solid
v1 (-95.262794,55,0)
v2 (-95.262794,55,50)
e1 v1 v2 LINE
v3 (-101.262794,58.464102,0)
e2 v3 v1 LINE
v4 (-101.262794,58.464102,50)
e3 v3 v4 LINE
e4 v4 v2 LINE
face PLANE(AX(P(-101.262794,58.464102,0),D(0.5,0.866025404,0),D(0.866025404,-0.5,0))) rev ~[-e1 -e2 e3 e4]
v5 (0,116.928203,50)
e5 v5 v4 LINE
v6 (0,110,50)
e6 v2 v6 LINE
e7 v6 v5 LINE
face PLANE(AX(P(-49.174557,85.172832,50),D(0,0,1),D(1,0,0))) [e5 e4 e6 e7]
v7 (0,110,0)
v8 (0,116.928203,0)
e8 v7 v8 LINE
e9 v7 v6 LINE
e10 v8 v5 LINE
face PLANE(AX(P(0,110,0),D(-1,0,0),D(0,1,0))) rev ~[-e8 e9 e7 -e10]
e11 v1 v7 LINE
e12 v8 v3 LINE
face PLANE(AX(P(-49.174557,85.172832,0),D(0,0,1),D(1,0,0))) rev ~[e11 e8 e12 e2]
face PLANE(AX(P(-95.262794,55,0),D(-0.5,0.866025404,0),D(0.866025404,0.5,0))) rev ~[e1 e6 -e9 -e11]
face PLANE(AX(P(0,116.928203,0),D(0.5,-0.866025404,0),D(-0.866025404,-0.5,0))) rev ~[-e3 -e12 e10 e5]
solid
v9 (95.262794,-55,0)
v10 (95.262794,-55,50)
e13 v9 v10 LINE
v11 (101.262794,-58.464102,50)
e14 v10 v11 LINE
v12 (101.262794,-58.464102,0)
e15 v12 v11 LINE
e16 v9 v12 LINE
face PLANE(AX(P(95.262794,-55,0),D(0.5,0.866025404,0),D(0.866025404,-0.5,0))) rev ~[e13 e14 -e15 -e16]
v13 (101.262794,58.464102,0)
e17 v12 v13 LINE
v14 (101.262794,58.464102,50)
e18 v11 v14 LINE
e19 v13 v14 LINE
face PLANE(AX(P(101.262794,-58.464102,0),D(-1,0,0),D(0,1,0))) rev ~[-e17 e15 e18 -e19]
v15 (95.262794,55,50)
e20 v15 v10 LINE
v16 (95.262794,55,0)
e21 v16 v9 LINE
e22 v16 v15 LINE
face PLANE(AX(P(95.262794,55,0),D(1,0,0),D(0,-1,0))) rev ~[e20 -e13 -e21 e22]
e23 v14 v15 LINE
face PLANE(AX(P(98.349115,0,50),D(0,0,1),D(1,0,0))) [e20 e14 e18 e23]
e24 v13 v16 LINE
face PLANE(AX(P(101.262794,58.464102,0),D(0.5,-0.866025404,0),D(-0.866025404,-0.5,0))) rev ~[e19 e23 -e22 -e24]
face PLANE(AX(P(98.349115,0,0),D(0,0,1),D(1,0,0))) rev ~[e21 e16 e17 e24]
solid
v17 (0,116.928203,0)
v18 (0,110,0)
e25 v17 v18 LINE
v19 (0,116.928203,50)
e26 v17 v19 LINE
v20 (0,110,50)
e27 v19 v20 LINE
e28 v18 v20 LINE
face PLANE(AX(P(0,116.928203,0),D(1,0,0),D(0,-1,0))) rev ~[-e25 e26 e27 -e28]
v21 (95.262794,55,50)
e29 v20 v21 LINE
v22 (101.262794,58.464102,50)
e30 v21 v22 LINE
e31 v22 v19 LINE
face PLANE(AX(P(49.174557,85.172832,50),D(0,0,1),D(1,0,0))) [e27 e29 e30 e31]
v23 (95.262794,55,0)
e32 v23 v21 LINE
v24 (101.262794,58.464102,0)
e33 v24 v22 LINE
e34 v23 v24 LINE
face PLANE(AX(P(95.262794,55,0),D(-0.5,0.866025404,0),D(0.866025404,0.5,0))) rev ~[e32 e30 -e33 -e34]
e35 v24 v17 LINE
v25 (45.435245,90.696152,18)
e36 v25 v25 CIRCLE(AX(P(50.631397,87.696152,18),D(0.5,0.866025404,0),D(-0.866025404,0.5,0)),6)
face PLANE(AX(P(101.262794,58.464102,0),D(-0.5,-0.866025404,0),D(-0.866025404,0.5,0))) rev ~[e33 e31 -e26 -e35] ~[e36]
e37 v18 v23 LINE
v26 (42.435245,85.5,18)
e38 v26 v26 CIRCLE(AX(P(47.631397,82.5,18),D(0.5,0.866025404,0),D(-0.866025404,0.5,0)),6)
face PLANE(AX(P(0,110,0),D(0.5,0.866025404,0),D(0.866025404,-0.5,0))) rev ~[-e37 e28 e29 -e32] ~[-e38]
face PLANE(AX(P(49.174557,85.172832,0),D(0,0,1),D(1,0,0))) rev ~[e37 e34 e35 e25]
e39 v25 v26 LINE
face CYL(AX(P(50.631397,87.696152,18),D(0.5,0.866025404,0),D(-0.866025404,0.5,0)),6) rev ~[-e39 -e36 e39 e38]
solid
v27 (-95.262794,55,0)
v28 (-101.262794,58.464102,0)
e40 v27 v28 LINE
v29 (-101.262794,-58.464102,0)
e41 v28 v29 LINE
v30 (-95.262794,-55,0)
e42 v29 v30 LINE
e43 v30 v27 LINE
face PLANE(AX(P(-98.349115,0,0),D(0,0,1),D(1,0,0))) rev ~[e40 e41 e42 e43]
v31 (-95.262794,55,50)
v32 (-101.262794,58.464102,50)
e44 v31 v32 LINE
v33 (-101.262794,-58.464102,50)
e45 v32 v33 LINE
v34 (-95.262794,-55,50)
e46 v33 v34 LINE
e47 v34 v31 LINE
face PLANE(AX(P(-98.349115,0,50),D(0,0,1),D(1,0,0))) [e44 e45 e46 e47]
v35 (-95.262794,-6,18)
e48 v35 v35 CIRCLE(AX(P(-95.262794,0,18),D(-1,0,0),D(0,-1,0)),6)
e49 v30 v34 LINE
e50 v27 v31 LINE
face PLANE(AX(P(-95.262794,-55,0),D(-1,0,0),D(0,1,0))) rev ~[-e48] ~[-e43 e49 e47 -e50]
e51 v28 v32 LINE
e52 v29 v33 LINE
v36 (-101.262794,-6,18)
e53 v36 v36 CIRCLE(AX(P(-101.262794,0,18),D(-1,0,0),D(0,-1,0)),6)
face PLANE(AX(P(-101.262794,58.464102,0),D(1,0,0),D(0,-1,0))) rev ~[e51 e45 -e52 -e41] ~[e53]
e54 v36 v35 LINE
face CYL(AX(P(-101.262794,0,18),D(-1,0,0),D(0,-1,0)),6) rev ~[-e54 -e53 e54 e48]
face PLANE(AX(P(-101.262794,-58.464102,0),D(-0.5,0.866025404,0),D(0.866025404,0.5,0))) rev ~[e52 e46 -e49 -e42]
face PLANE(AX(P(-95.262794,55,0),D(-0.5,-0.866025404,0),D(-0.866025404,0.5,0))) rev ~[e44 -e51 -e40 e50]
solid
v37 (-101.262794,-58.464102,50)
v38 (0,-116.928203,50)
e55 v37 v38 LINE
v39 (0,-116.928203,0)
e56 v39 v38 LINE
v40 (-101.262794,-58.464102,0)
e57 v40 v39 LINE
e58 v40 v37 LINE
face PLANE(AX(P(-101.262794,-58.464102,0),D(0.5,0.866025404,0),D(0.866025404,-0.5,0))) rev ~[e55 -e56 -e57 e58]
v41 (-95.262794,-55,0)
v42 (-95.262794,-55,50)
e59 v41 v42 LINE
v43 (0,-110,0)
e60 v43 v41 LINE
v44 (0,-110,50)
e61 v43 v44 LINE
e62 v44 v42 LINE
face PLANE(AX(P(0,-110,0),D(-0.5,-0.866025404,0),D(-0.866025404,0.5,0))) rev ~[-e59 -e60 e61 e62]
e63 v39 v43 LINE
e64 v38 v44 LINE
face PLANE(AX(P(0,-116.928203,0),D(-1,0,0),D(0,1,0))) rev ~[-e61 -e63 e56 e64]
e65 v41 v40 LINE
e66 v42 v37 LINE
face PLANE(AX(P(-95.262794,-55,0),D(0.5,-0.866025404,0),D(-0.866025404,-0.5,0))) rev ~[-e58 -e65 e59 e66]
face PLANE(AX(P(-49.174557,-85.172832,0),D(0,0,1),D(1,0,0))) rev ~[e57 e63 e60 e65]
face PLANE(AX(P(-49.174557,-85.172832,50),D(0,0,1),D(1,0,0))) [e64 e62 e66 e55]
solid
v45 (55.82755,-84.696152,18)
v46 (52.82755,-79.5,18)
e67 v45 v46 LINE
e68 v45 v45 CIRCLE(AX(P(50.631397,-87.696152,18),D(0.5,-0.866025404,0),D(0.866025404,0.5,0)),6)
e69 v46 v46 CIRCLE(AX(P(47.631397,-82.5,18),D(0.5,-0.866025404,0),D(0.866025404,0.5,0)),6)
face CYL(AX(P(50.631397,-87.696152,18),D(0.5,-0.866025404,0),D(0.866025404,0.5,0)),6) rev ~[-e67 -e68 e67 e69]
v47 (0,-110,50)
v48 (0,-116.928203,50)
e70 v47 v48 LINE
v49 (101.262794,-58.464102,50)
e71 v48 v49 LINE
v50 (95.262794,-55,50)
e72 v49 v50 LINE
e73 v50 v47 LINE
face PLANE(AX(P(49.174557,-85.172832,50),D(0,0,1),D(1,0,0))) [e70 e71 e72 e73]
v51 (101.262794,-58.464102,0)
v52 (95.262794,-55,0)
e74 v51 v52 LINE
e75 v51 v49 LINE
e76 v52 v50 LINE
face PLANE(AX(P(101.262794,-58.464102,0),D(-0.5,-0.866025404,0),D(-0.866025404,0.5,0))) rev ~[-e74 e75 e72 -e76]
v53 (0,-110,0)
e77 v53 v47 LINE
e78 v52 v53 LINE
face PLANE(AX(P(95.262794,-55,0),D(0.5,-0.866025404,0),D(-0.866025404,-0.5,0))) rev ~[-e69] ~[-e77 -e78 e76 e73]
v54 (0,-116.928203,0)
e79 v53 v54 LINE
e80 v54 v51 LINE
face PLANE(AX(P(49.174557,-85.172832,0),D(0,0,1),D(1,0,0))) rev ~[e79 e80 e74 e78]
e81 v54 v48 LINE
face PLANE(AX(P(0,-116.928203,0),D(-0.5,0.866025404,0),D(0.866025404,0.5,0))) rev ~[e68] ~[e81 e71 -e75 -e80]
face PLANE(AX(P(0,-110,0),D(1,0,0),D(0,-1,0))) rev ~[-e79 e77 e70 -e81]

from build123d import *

# Parameters (mm, degrees)
F1_DEPTH  = 50
F2_DEPTH  = 50
F3_DEPTH  = 50
F4_DEPTH  = 50
F5_DEPTH  = 50
F6_DEPTH  = 50
F7_R      = 6
F8_DEPTH  = 25
F9_R      = 6
F11_DEPTH = 25
F10_R     = 6
F12_DEPTH = 25


with BuildPart() as f1:
    # F0 (on Top) → F1 (new body)
    with BuildSketch(Plane.XY):
        Polygon((0, 110), (0, 116.9282032303), (-101.2627944163, 58.4641016151), (-95.2627944163, 55), align=None)
    extrude(amount=F1_DEPTH)


with BuildPart() as f2:
    # F0 (on Top) → F2 (new body)
    with BuildSketch(Plane.XY):
        Polygon((-101.2627944163, 58.4641016151), (-101.2627944163, -58.4641016151), (-95.2627944163, -55), (-95.2627944163, 55), align=None)
    extrude(amount=F2_DEPTH)

    # F10 (on face) → F12 (cut)
    with BuildSketch(Plane(origin=(-101.2627944163, 0, 0), x_dir=(0, -1, 0), z_dir=(-1, 0, 0))):
        with Locations((0, 18)):
            Circle(F10_R)
    extrude(amount=-F12_DEPTH, mode=Mode.SUBTRACT)


with BuildPart() as f3:
    # F0 (on Top) → F3 (new body)
    with BuildSketch(Plane.XY):
        Polygon((-101.2627944163, -58.4641016151), (0, -116.9282032303), (0, -110), (-95.2627944163, -55), align=None)
    extrude(amount=F3_DEPTH)


with BuildPart() as f4:
    # F0 (on Top) → F4 (new body)
    with BuildSketch(Plane.XY):
        Polygon((95.2627944163, 55), (101.2627944163, 58.4641016151), (0, 116.9282032303), (0, 110), align=None)
    extrude(amount=F4_DEPTH)

    # F9 (on face) → F11 (cut)
    with BuildSketch(Plane(origin=(50.6313972081, 87.6961524227, 0), x_dir=(-0.8660254038, 0.5, 0), z_dir=(0.5, 0.8660254038, 0))):
        with Locations((0, 18)):
            Circle(F9_R)
    extrude(amount=-F11_DEPTH, mode=Mode.SUBTRACT)


with BuildPart() as f5:
    # F0 (on Top) → F5 (new body)
    with BuildSketch(Plane.XY):
        Polygon((95.2627944163, -55), (101.2627944163, -58.4641016151), (101.2627944163, 58.4641016151), (95.2627944163, 55), align=None)
    extrude(amount=F5_DEPTH)


with BuildPart() as f6:
    # F0 (on Top) → F6 (new body)
    with BuildSketch(Plane.XY):
        Polygon((0, -116.9282032303), (101.2627944163, -58.4641016151), (95.2627944163, -55), (0, -110), align=None)
    extrude(amount=F6_DEPTH)

    # F7 (on face) → F8 (cut)
    with BuildSketch(Plane(origin=(50.6313972081, -87.6961524227, 0), x_dir=(0.8660254038, 0.5, 0), z_dir=(0.5, -0.8660254038, 0))):
        with Locations((0, 18)):
            Circle(F7_R)
    extrude(amount=-F8_DEPTH, mode=Mode.SUBTRACT)


solid = Compound([f1.part, f2.part, f3.part, f4.part, f5.part, f6.part])
